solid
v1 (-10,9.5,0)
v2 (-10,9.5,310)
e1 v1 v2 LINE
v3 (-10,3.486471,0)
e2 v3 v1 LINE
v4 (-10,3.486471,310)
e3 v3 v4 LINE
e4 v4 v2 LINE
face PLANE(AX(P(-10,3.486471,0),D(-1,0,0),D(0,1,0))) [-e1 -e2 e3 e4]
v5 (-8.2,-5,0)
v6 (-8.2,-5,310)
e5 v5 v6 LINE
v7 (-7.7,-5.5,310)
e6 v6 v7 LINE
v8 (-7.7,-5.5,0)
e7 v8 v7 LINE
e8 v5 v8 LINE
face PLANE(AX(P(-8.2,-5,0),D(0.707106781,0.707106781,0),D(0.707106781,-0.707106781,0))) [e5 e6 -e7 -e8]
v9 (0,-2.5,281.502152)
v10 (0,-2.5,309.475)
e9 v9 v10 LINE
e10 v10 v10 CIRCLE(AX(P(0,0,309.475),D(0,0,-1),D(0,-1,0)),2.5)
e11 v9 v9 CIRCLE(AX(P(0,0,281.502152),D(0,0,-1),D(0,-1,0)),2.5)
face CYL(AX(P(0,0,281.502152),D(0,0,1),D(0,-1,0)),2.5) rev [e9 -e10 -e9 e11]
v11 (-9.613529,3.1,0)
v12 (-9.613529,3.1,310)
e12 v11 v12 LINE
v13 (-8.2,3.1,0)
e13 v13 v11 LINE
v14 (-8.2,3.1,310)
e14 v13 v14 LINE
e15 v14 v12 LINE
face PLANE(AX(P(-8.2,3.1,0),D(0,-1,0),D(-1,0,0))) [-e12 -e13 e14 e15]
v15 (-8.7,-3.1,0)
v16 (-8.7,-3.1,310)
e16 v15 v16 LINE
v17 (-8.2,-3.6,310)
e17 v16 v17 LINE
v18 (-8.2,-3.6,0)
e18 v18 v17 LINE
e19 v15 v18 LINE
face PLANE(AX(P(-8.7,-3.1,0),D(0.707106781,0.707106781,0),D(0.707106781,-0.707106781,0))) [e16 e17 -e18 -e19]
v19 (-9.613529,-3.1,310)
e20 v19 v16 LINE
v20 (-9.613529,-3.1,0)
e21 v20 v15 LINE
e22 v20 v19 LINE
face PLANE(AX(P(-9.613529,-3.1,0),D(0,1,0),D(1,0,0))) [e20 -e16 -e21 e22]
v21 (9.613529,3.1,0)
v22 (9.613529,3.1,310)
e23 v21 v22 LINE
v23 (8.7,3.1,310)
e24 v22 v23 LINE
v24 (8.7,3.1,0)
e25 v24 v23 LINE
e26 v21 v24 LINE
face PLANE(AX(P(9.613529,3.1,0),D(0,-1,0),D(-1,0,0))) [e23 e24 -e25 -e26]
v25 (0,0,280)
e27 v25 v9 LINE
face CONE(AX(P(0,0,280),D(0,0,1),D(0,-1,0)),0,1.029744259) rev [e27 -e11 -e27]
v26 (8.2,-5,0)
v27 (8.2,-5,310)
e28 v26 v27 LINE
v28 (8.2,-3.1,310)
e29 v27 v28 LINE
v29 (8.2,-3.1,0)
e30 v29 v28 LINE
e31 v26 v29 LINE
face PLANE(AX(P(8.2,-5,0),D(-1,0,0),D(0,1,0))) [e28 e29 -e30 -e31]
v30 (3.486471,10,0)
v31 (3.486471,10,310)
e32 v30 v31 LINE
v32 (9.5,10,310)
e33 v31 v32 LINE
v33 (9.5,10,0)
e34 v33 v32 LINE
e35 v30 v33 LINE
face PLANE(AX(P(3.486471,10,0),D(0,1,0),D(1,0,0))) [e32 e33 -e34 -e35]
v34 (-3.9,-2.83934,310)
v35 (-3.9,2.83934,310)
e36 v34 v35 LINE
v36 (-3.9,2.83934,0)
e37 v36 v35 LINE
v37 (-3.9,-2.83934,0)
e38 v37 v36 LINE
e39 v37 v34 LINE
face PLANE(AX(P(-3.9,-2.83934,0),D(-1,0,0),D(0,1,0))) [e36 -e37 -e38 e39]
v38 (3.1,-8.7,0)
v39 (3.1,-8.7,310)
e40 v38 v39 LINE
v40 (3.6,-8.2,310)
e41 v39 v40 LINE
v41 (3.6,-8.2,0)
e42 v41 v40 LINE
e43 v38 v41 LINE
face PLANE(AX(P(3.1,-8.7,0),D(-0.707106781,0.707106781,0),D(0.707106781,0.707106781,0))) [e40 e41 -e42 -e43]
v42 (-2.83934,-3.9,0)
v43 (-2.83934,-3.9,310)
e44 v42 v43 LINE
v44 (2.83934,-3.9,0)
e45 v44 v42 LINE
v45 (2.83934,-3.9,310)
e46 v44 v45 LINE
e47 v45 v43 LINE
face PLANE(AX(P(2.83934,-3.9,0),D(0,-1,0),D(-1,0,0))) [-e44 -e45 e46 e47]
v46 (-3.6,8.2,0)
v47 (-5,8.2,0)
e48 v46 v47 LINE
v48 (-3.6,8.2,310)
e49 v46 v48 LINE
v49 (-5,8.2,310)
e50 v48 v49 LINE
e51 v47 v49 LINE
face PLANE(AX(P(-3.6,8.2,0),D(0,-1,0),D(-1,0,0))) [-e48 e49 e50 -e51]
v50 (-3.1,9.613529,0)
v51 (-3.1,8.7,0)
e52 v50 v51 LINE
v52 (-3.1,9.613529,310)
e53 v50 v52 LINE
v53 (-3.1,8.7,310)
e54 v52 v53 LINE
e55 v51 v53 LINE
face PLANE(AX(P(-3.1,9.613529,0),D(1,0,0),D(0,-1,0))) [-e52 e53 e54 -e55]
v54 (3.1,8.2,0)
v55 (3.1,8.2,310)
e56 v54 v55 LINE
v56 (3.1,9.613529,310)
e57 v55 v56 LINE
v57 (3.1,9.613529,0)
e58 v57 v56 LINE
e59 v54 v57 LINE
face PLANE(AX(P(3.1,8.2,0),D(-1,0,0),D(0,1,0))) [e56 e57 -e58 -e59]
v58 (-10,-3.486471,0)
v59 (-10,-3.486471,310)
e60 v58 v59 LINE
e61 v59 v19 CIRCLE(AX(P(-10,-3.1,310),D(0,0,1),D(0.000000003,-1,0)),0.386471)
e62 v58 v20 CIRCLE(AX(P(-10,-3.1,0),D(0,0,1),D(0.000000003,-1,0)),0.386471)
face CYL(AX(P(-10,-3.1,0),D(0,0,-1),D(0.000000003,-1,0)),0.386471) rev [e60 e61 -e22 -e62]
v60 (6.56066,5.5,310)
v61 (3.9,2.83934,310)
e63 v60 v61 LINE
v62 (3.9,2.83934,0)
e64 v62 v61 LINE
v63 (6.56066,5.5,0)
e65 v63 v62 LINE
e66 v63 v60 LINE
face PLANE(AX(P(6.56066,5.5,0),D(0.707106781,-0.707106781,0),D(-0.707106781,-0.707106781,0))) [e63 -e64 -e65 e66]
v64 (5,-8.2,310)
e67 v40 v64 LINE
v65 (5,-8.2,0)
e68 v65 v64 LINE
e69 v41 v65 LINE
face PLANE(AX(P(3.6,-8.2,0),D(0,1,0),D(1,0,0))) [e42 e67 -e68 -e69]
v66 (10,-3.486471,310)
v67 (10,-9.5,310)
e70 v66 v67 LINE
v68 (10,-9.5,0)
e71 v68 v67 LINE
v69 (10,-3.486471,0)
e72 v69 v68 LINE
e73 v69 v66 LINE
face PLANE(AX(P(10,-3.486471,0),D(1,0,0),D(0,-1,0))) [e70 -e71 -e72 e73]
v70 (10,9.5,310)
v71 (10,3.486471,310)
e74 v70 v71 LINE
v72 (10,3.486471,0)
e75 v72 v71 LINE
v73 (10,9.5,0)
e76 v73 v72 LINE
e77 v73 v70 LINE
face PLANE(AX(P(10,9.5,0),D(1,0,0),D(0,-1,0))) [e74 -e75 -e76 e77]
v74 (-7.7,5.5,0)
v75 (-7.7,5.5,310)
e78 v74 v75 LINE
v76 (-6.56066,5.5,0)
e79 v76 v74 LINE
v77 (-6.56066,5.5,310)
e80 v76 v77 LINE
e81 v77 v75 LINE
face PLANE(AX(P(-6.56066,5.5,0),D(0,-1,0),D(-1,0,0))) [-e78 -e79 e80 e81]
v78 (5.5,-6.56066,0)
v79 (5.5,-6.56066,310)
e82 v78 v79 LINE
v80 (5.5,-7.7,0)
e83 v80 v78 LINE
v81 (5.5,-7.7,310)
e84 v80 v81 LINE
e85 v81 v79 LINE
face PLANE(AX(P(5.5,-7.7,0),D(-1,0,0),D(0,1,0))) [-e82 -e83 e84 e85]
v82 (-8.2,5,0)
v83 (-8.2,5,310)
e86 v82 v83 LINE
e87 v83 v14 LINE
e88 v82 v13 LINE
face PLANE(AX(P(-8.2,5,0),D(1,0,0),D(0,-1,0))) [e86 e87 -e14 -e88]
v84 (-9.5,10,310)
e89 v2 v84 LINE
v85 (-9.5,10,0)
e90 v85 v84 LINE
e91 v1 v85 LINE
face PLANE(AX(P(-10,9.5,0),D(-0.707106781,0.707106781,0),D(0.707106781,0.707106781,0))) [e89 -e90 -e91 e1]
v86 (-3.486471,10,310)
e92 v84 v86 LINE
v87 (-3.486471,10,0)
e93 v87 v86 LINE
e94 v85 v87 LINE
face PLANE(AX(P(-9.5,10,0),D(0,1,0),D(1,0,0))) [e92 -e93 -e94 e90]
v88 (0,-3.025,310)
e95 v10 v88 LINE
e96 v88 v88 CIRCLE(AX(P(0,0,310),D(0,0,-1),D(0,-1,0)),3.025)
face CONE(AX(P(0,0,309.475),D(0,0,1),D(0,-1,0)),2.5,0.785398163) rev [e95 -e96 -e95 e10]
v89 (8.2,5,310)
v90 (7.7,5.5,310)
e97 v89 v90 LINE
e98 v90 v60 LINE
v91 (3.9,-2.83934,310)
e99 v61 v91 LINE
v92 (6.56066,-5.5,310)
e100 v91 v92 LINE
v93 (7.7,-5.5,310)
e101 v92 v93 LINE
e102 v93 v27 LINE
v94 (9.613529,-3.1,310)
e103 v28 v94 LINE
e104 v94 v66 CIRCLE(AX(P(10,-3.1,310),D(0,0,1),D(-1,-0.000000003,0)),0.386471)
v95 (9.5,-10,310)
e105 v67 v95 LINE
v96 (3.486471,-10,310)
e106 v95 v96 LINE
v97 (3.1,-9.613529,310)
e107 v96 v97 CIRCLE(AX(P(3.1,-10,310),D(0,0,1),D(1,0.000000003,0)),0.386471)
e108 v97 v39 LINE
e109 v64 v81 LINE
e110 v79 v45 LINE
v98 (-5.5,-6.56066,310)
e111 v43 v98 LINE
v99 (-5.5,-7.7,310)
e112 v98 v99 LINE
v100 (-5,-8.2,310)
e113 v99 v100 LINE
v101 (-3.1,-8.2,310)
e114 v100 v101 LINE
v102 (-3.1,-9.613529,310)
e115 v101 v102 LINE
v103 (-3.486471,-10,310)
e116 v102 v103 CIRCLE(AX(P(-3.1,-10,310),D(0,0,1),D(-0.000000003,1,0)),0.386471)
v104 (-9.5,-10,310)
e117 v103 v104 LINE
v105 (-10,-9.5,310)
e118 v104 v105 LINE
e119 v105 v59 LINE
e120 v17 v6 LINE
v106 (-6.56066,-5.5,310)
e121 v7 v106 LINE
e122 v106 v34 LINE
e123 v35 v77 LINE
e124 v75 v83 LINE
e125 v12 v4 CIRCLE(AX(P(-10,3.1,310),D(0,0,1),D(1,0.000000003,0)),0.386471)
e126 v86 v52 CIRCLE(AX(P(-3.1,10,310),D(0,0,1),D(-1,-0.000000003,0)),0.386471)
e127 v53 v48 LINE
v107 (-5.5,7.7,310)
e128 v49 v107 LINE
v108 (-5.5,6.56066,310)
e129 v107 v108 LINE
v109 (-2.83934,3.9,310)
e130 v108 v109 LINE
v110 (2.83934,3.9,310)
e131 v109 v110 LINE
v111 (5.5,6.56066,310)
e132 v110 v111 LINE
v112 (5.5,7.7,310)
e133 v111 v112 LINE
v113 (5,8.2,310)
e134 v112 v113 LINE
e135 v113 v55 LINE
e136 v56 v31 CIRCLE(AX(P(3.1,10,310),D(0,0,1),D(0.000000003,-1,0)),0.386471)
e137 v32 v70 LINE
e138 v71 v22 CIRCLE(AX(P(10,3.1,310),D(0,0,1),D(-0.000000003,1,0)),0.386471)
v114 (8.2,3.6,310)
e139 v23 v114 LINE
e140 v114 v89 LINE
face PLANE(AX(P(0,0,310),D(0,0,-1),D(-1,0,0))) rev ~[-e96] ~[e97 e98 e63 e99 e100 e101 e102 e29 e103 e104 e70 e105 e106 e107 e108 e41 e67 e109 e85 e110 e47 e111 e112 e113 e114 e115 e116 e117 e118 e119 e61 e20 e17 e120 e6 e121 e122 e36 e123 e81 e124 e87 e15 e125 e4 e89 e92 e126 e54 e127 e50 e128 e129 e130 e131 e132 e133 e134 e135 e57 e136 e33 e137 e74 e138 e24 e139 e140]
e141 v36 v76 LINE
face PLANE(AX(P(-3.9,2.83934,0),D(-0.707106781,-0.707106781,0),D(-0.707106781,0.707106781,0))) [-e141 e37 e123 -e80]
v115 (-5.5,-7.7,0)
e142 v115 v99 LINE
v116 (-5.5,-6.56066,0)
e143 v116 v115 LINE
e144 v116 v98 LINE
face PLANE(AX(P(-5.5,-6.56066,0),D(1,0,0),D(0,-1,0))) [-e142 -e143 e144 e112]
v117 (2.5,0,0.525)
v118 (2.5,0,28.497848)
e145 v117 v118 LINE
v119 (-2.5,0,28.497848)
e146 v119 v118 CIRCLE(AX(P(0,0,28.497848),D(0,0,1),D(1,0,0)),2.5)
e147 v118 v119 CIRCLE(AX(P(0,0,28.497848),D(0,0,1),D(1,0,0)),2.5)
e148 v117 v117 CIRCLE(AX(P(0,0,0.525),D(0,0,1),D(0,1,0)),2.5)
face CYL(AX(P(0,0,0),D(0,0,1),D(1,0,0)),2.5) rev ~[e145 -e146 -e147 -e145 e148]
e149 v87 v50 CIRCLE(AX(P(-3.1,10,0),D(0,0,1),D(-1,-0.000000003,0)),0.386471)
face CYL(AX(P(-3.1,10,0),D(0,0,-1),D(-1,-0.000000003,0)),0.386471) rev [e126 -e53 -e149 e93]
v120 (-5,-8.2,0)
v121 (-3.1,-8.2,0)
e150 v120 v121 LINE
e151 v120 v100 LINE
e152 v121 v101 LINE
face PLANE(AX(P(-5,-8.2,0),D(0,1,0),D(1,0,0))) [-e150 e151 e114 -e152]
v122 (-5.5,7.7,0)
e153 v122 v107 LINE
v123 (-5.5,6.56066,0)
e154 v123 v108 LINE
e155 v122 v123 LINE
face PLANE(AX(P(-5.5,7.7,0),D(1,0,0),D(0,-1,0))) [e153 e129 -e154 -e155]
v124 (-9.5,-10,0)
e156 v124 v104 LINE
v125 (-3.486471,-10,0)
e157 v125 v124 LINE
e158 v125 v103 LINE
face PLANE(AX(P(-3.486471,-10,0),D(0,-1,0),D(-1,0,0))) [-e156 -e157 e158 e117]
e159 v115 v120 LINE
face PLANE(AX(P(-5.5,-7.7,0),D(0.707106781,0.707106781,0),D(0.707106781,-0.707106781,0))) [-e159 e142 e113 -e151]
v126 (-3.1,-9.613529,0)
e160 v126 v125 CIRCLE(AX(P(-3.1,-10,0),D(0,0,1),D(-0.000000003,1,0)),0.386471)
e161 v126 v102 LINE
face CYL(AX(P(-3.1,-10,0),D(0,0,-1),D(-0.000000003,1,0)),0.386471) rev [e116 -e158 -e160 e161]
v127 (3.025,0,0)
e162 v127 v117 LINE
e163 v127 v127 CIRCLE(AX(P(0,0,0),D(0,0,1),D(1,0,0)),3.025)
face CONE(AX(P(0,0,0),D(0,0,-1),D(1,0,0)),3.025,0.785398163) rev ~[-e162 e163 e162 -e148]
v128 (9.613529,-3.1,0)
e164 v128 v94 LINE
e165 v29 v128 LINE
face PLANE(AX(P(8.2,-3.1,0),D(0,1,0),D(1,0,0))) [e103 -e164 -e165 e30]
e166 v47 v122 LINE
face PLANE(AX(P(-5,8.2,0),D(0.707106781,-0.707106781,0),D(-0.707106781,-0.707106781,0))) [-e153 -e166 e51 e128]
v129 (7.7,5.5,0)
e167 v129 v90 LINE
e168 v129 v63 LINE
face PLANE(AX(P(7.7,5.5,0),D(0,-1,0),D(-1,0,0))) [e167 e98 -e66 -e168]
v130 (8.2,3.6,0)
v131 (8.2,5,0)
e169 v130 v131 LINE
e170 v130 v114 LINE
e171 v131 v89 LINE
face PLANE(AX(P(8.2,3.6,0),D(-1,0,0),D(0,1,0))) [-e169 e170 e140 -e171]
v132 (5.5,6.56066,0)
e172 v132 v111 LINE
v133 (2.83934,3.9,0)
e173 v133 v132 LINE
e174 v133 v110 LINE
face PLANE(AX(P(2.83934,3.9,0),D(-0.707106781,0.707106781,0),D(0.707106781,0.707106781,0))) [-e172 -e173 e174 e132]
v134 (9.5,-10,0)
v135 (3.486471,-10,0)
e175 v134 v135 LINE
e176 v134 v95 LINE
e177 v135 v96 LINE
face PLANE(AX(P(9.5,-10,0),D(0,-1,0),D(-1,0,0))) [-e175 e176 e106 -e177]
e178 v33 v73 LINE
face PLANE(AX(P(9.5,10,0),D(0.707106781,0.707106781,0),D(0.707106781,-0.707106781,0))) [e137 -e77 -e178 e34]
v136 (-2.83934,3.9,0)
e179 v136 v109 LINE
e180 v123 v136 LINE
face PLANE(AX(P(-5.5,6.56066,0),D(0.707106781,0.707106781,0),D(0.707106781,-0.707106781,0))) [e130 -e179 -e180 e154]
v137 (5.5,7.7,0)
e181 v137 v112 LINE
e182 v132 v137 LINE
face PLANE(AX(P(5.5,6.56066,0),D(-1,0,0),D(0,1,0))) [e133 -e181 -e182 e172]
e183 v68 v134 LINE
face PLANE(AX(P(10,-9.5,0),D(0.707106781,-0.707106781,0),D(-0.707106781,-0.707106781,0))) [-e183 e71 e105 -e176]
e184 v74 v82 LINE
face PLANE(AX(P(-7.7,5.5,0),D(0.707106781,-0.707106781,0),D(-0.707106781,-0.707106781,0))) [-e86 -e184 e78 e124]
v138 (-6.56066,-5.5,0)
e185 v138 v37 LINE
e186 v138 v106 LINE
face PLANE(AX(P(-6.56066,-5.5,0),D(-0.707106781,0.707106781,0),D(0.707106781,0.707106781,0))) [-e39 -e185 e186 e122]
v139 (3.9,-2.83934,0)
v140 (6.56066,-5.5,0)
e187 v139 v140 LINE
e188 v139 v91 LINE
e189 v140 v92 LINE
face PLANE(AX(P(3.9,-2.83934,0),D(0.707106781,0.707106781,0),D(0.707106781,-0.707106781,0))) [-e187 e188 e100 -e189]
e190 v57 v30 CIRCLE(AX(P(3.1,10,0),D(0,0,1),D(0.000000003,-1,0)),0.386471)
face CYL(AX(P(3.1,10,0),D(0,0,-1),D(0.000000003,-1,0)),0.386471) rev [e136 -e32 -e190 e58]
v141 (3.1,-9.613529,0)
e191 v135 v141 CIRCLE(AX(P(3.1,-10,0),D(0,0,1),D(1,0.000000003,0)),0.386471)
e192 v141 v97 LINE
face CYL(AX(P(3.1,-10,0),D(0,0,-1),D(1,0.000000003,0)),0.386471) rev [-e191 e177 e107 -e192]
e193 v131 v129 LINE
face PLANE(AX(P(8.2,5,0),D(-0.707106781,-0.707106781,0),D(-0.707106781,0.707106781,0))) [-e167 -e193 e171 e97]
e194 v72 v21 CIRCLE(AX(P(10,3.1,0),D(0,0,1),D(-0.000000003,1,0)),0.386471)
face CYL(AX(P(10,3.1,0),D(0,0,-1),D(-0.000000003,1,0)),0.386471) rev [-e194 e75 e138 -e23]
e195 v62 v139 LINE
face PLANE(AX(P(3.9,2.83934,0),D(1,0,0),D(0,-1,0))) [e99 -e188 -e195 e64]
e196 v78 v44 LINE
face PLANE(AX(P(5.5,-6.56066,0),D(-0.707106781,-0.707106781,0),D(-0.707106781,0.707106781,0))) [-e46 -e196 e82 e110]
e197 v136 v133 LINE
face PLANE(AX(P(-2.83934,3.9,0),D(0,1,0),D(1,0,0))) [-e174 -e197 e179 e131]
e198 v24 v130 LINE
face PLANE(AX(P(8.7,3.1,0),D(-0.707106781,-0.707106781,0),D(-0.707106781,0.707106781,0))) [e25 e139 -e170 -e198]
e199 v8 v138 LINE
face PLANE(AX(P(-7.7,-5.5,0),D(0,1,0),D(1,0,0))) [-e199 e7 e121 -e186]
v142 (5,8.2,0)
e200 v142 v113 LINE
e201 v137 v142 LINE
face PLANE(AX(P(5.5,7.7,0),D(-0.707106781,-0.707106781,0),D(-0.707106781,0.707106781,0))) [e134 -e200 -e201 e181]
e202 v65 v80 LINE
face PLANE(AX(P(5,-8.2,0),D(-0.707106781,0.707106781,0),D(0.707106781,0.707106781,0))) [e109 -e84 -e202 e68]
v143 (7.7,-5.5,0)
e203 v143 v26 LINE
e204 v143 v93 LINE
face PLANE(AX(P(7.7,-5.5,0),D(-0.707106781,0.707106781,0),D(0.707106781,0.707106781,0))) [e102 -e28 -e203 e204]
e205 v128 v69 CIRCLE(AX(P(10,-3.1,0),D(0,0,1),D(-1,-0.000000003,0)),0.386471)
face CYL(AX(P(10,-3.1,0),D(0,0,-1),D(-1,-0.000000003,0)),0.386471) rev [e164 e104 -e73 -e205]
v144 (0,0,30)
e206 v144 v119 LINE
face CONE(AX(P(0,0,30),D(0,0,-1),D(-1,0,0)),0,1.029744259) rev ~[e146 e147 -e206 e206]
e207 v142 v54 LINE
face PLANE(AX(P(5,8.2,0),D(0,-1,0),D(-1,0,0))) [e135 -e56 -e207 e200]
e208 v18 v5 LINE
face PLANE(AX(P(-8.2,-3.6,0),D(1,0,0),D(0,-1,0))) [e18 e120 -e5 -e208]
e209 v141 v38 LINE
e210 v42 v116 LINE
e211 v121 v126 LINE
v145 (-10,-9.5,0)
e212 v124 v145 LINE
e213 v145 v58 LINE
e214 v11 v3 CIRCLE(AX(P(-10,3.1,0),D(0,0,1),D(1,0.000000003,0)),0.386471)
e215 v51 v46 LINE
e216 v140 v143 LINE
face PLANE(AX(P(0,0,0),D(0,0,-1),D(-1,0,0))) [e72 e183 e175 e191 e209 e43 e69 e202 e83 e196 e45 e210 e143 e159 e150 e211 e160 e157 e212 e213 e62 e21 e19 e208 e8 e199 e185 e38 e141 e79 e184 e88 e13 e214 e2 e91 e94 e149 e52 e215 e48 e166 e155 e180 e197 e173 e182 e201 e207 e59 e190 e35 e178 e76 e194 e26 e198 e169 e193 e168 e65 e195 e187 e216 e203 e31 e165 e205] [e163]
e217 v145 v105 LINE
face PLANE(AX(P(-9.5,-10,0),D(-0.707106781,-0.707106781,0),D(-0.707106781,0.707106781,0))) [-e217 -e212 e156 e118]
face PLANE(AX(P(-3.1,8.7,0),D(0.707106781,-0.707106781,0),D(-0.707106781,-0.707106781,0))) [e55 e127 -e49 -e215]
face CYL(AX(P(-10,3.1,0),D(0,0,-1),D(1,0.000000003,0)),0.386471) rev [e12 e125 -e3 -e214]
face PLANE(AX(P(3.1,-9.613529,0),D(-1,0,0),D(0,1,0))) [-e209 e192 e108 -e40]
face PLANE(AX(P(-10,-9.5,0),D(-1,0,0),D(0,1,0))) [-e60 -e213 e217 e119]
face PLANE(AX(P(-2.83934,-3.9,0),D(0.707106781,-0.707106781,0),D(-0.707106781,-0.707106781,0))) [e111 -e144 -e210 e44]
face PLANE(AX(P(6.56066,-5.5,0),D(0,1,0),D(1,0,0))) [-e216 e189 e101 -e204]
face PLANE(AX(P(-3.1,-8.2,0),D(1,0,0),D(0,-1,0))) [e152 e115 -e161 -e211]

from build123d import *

# Parameters (mm, degrees)
BOSS_EXTRUDE1_DEPTH             = 310
M6X1_0_TAPPED_HOLE2_D           = 5
M6X1_0_TAPPED_HOLE2_DEPTH       = 28.497848452
M6X1_0_TAPPED_HOLE2_CSINK_D     = 6.05
M6X1_0_TAPPED_HOLE2_CSINK_ANGLE = 90
M6X1_0_TAPPED_HOLE2_TIP         = 1.502151548


with BuildPart() as part:
    # Sketch1 → Boss-Extrude1 (new body)
    with BuildSketch(Plane.XY):
        with BuildLine():
            Line((-9.5, 10), (-3.486470896, 10))
            ThreePointArc((-3.486470896, 10), (-3.373276191, 9.726723809), (-3.1, 9.613529104))
            Line((-3.1, 9.613529104), (-3.1, 8.7))
            Line((-3.1, 8.7), (-3.6, 8.2))
            Line((-3.6, 8.2), (-5, 8.2))
            Line((-5, 8.2), (-5.5, 7.7))
            Line((-5.5, 7.7), (-5.5, 6.560660172))
            Line((-5.5, 6.560660172), (-2.839339828, 3.9))
            Line((-2.839339828, 3.9), (0, 3.9))
            Line((0, 3.9), (2.839339828, 3.9))
            Line((2.839339828, 3.9), (5.5, 6.560660172))
            Line((5.5, 6.560660172), (5.5, 7.7))
            Line((5.5, 7.7), (5, 8.2))
            Line((5, 8.2), (3.1, 8.2))
            Line((3.1, 8.2), (3.1, 9.613529104))
            ThreePointArc((3.1, 9.613529104), (3.373276191, 9.726723809), (3.486470896, 10))
            Line((3.486470896, 10), (9.5, 10))
            Line((9.5, 10), (10, 9.5))
            Line((10, 9.5), (10, 3.486470896))
            ThreePointArc((10, 3.486470896), (9.726723809, 3.373276191), (9.613529104, 3.1))
            Line((9.613529104, 3.1), (8.7, 3.1))
            Line((8.7, 3.1), (8.2, 3.6))
            Line((8.2, 3.6), (8.2, 5))
            Line((8.2, 5), (7.7, 5.5))
            Line((7.7, 5.5), (6.560660172, 5.5))
            Line((6.560660172, 5.5), (3.9, 2.839339828))
            Line((3.9, 2.839339828), (3.9, 0))
            Line((3.9, 0), (3.9, -2.839339828))
            Line((3.9, -2.839339828), (6.560660172, -5.5))
            Line((6.560660172, -5.5), (7.7, -5.5))
            Line((7.7, -5.5), (8.2, -5))
            Line((8.2, -5), (8.2, -3.1))
            Line((8.2, -3.1), (9.613529104, -3.1))
            ThreePointArc((9.613529104, -3.1), (9.726723809, -3.373276191), (10, -3.486470896))
            Line((10, -3.486470896), (10, -9.5))
            Line((10, -9.5), (9.5, -10))
            Line((9.5, -10), (3.486470896, -10))
            ThreePointArc((3.486470896, -10), (3.373276191, -9.726723809), (3.1, -9.613529104))
            Line((3.1, -9.613529104), (3.1, -8.7))
            Line((3.1, -8.7), (3.6, -8.2))
            Line((3.6, -8.2), (5, -8.2))
            Line((5, -8.2), (5.5, -7.7))
            Line((5.5, -7.7), (5.5, -6.560660172))
            Line((5.5, -6.560660172), (2.839339828, -3.9))
            Line((2.839339828, -3.9), (0, -3.9))
            Line((0, -3.9), (-2.839339828, -3.9))
            Line((-2.839339828, -3.9), (-5.5, -6.560660172))
            Line((-5.5, -6.560660172), (-5.5, -7.7))
            Line((-5.5, -7.7), (-5, -8.2))
            Line((-5, -8.2), (-3.1, -8.2))
            Line((-3.1, -8.2), (-3.1, -9.613529104))
            ThreePointArc((-3.1, -9.613529104), (-3.373276191, -9.726723809), (-3.486470896, -10))
            Line((-3.486470896, -10), (-9.5, -10))
            Line((-9.5, -10), (-10, -9.5))
            Line((-10, -9.5), (-10, -3.486470896))
            ThreePointArc((-10, -3.486470896), (-9.726723809, -3.373276191), (-9.613529104, -3.1))
            Line((-9.613529104, -3.1), (-8.7, -3.1))
            Line((-8.7, -3.1), (-8.2, -3.6))
            Line((-8.2, -3.6), (-8.2, -5))
            Line((-8.2, -5), (-7.7, -5.5))
            Line((-7.7, -5.5), (-6.560660172, -5.5))
            Line((-6.560660172, -5.5), (-3.9, -2.839339828))
            Line((-3.9, -2.839339828), (-3.9, 0))
            Line((-3.9, 0), (-3.9, 2.839339828))
            Line((-3.9, 2.839339828), (-6.560660172, 5.5))
            Line((-6.560660172, 5.5), (-7.7, 5.5))
            Line((-7.7, 5.5), (-8.2, 5))
            Line((-8.2, 5), (-8.2, 3.1))
            Line((-8.2, 3.1), (-9.613529104, 3.1))
            ThreePointArc((-9.613529104, 3.1), (-9.726723809, 3.373276191), (-10, 3.486470896))
            Line((-10, 3.486470896), (-10, 9.5))
            Line((-10, 9.5), (-9.5, 10))
        make_face()
    extrude(amount=BOSS_EXTRUDE1_DEPTH)

    # Sketch2 → M6x1.0 Tapped Hole1 (revolve, cut)
    with BuildSketch(Plane(origin=(0, 0, 310), x_dir=(0, -1, 0), z_dir=(1, 0, 0))):
        Polygon((0, 0), (0, 30), (2.5, 28.497848452), (2.5, 0.525), (3.025, 0), align=None)
    revolve(axis=Axis((0, 0, 316.35), (0, 0, -1)), mode=Mode.SUBTRACT)

    # M6x1.0 Tapped Hole2
    with Locations(Plane(origin=(0, 0, 0), x_dir=(-1, 0, 0), z_dir=(0, 0, -1))):
        with Locations((0, 0)):
            CounterSinkHole(M6X1_0_TAPPED_HOLE2_D / 2, M6X1_0_TAPPED_HOLE2_CSINK_D / 2, depth=M6X1_0_TAPPED_HOLE2_DEPTH, counter_sink_angle=M6X1_0_TAPPED_HOLE2_CSINK_ANGLE)
            with Locations((0, 0, -(M6X1_0_TAPPED_HOLE2_DEPTH + M6X1_0_TAPPED_HOLE2_TIP / 2))):  # 118° drill point
                Cone(0, M6X1_0_TAPPED_HOLE2_D / 2, M6X1_0_TAPPED_HOLE2_TIP, mode=Mode.SUBTRACT)


solid = part.part
